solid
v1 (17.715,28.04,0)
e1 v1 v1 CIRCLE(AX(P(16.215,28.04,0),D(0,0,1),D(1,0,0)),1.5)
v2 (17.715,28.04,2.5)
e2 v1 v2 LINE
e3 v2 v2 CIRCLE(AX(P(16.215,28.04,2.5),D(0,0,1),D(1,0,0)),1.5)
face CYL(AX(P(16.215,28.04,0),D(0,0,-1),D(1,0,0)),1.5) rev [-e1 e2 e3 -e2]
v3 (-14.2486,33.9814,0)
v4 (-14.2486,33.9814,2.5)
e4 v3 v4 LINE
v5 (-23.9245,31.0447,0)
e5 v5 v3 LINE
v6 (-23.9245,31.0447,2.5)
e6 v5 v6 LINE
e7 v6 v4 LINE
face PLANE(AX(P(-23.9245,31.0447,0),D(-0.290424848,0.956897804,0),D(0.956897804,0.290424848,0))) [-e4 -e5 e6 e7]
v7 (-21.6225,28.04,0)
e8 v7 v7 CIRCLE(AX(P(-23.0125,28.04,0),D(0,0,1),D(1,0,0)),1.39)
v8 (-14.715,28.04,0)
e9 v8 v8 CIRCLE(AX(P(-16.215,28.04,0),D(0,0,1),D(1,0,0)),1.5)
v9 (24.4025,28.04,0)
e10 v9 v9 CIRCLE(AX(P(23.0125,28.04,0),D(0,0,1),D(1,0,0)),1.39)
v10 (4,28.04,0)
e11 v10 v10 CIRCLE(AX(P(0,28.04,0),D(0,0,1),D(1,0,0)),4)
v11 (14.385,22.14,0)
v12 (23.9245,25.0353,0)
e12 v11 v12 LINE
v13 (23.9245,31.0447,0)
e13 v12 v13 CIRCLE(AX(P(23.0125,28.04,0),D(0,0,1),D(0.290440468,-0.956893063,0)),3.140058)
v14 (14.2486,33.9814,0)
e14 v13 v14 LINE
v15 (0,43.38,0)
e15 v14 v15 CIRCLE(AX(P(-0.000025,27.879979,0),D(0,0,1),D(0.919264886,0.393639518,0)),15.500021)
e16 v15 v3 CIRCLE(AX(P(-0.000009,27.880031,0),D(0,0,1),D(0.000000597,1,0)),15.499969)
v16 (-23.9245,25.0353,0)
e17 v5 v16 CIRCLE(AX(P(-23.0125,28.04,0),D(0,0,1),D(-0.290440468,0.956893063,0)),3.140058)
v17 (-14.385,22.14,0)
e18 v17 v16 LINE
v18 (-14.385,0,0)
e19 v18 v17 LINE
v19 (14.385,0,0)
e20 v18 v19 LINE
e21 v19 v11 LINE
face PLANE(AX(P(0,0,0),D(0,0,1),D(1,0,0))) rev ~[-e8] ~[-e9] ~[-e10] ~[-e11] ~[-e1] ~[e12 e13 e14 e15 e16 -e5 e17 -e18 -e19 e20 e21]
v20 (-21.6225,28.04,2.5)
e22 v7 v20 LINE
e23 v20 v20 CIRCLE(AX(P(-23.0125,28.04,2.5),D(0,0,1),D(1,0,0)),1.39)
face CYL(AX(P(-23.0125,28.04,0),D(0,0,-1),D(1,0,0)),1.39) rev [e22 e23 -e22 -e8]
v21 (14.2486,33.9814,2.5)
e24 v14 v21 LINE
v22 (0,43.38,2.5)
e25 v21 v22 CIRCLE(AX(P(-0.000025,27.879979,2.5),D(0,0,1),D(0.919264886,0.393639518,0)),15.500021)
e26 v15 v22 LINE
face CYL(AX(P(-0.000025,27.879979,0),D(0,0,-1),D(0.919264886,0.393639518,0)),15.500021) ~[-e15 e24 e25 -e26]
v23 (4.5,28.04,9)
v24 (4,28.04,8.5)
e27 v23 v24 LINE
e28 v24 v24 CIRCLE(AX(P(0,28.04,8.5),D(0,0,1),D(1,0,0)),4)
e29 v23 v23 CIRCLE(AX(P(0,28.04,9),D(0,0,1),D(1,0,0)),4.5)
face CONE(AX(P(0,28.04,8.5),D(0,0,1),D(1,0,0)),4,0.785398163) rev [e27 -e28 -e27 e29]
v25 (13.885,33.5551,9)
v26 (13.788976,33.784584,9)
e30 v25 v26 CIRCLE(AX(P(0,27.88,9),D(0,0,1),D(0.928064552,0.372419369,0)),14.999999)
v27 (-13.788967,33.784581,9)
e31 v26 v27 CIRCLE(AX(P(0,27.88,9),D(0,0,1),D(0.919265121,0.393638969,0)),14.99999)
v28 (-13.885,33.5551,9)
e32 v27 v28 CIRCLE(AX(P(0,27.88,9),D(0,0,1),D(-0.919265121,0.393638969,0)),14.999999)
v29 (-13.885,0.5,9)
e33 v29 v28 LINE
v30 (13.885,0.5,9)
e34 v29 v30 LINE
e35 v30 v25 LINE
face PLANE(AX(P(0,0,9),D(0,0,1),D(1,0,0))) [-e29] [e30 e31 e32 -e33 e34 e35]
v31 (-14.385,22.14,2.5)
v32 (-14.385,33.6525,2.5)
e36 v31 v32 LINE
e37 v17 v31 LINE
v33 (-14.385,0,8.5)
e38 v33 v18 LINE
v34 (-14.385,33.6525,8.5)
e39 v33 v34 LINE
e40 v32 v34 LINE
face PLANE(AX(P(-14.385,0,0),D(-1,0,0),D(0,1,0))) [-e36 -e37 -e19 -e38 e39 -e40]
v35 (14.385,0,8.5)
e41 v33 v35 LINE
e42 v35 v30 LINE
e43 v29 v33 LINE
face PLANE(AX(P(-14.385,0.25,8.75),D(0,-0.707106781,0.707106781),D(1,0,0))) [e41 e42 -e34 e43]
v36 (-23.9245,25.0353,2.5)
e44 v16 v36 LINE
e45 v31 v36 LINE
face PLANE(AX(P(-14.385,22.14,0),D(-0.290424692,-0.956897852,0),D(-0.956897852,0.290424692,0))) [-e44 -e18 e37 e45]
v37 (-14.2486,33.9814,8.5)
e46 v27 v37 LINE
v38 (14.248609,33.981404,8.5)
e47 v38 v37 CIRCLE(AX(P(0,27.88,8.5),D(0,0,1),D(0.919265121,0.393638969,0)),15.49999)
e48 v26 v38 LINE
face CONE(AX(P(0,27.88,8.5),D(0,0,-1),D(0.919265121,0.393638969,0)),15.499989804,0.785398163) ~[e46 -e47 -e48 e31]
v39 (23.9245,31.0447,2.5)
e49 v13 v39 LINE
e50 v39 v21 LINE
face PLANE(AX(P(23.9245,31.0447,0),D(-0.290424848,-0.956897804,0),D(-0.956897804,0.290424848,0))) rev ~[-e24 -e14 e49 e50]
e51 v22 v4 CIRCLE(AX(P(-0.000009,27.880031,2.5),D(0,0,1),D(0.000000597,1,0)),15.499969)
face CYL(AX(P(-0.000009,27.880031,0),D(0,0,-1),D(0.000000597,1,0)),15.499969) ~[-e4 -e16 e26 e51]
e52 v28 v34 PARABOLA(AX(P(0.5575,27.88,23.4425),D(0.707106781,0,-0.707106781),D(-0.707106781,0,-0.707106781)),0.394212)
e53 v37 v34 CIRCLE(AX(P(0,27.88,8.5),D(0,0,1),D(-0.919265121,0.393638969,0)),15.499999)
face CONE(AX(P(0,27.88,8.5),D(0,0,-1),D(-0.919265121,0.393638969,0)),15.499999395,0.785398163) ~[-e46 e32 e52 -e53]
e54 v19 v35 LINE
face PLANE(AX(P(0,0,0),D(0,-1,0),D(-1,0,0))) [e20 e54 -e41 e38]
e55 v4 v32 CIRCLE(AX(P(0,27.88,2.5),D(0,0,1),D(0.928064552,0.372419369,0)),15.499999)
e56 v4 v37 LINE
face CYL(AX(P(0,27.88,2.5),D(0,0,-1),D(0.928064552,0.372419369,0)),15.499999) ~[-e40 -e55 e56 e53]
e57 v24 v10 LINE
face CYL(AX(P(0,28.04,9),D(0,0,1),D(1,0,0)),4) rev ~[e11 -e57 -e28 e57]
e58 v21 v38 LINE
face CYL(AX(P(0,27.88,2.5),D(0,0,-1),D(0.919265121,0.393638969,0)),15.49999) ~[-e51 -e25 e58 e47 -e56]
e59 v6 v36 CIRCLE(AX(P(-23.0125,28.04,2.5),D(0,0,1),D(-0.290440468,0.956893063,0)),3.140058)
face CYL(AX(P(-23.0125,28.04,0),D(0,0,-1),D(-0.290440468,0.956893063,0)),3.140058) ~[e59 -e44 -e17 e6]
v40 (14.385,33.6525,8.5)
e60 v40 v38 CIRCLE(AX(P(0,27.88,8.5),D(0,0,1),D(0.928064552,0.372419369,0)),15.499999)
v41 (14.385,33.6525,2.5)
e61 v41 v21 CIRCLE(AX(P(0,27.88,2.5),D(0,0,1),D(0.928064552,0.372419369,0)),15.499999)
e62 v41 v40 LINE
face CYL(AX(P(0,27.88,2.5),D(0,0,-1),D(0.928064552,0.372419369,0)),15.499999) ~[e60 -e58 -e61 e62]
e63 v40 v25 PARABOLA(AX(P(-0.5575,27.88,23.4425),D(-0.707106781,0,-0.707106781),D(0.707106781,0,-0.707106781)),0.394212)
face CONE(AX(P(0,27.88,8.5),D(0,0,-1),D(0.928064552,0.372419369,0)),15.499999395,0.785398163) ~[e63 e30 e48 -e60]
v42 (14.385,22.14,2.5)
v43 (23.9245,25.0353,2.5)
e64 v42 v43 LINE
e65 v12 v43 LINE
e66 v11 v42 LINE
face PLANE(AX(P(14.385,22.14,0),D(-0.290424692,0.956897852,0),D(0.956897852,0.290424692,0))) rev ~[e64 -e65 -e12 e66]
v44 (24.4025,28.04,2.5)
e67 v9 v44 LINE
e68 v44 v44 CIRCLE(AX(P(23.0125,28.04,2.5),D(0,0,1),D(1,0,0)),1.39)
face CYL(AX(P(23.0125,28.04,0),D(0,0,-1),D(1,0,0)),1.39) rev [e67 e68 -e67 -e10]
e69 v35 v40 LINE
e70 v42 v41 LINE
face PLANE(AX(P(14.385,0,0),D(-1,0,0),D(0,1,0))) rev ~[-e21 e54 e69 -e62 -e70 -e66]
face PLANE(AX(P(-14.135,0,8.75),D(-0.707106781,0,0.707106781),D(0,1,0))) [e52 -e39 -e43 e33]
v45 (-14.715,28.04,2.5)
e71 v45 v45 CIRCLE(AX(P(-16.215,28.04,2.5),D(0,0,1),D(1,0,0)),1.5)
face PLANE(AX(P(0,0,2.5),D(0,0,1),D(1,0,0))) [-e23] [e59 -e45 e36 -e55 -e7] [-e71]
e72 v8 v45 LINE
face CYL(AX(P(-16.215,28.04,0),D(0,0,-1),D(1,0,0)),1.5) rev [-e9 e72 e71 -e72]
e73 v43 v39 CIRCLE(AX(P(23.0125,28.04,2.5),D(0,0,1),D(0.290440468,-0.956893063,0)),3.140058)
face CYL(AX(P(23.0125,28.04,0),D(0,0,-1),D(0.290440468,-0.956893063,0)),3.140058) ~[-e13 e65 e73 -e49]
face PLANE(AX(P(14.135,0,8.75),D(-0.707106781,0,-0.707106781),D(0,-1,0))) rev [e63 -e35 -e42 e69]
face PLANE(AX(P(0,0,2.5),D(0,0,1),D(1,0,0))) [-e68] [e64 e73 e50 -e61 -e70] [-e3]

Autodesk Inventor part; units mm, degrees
ref_plane "YZ Plane" through (0, 0, 0) normal (1, 0, 0) x (0, 1, 0)
ref_plane "XZ Plane" through (0, 0, 0) normal (0, 1, 0) x (-1, 0, 0)
ref_plane "XY Plane" through (0, 0, 0) normal (0, 0, 1) x (1, 0, 0)
sketch "スケッチ1" plane through (0, 0, 0) normal (0, 0, 1) x (1, 0, 0)
  line L0 (0, 0) -> (14.385, 0)
  line L1 (14.385, 0) -> (14.385, 22.14)
  line L2 (14.385, 22.14) -> (23.9245, 25.0353)
  line L3 (23.9245, 31.0447) -> (14.2486, 33.9814)
  line L4 (0, 0) -> (0, 43.38) construction
  arc A0 (14.2486, 33.9814) -> (0, 43.38) centre (0, 27.88) ccw
  circle A1 centre (0, 28.04) radius 4 construction
  line L5 (0, 28.04) -> (33.824, 28.04) construction
  circle A2 centre (16.215, 28.04) radius 1.5
  circle A3 centre (23.0125, 28.04) radius 1.39
  arc A4 (23.9245, 25.0353) -> (23.9245, 31.0447) centre (23.0125, 28.04) ccw
  line L6 (0, 0) -> (-14.385, 0)
  line L7 (-14.385, 0) -> (-14.385, 22.14)
  line L8 (-14.385, 22.14) -> (-23.9245, 25.0353)
  line L9 (-23.9245, 31.0447) -> (-14.2486, 33.9814)
  arc A5 (0, 43.38) -> (-14.2486, 33.9814) centre (0, 27.88) ccw
  circle A6 centre (-16.215, 28.04) radius 1.5
  circle A7 centre (-23.0125, 28.04) radius 1.39
  arc A8 (-23.9245, 31.0447) -> (-23.9245, 25.0353) centre (-23.0125, 28.04) ccw
  dimension "d0" = 15.5
  dimension "d1" = 43.38
  dimension "d2" = 15.34
  dimension "d3" = 8
  dimension "d4" = 14.385
  dimension "d5" = 5.9
  dimension "d6" = 2.78
  dimension "d7" = 3
  dimension "d8" = 16.215
  dimension "d9" = 23.0125
  dimension "d12" = 3.14
extrude "押し出し1" add sketch "スケッチ1" along normal blind 2.5
sketch "スケッチ4" plane through (0, 0, 2.5) normal (0, 0, 1) x (1, 0, 0)
  line L0 (-14.385, 0) -> (14.385, 0) projected
  line L1 (-14.385, 0) -> (14.385, 0)
  line L2 (14.385, 0) -> (14.385, 33.6525)
  arc A0 (14.2486, 33.9814) -> (-14.2486, 33.9814) centre (0, 27.88) ccw projected
  arc A1 (14.385, 33.6525) -> (-14.385, 33.6525) centre (0, 27.88) ccw
  line L3 (-14.385, 0) -> (-14.385, 33.6525)
  point P0 (0, 0)
extrude "押し出し3" add sketch "スケッチ4" along normal blind 6.5
sketch "スケッチ5" plane through (0, 0, 9) normal (0, 0, 1) x (1, 0, 0)
  line L0 (0, 0) -> (0, 28.04) construction
  circle A0 centre (0, 28.04) radius 4
  arc A1 (14.2486, 33.9814) -> (-14.2486, 33.9814) centre (0, 27.88) ccw construction
  point P0 (0, 43.38)
  dimension "d20" = 15.34
  dimension "d21" = 8
extrude "押し出し4" cut sketch "スケッチ5" against normal up to next
chamfer "面取り1" distance 0.5 angle 45 5 edges at (-14.385, 16.8263, 9) (0, 0, 9) (14.385, 16.8263, 9) (0, 43.38, 9) (-4, 28.04, 9)
properties part number "AMT102-1"
